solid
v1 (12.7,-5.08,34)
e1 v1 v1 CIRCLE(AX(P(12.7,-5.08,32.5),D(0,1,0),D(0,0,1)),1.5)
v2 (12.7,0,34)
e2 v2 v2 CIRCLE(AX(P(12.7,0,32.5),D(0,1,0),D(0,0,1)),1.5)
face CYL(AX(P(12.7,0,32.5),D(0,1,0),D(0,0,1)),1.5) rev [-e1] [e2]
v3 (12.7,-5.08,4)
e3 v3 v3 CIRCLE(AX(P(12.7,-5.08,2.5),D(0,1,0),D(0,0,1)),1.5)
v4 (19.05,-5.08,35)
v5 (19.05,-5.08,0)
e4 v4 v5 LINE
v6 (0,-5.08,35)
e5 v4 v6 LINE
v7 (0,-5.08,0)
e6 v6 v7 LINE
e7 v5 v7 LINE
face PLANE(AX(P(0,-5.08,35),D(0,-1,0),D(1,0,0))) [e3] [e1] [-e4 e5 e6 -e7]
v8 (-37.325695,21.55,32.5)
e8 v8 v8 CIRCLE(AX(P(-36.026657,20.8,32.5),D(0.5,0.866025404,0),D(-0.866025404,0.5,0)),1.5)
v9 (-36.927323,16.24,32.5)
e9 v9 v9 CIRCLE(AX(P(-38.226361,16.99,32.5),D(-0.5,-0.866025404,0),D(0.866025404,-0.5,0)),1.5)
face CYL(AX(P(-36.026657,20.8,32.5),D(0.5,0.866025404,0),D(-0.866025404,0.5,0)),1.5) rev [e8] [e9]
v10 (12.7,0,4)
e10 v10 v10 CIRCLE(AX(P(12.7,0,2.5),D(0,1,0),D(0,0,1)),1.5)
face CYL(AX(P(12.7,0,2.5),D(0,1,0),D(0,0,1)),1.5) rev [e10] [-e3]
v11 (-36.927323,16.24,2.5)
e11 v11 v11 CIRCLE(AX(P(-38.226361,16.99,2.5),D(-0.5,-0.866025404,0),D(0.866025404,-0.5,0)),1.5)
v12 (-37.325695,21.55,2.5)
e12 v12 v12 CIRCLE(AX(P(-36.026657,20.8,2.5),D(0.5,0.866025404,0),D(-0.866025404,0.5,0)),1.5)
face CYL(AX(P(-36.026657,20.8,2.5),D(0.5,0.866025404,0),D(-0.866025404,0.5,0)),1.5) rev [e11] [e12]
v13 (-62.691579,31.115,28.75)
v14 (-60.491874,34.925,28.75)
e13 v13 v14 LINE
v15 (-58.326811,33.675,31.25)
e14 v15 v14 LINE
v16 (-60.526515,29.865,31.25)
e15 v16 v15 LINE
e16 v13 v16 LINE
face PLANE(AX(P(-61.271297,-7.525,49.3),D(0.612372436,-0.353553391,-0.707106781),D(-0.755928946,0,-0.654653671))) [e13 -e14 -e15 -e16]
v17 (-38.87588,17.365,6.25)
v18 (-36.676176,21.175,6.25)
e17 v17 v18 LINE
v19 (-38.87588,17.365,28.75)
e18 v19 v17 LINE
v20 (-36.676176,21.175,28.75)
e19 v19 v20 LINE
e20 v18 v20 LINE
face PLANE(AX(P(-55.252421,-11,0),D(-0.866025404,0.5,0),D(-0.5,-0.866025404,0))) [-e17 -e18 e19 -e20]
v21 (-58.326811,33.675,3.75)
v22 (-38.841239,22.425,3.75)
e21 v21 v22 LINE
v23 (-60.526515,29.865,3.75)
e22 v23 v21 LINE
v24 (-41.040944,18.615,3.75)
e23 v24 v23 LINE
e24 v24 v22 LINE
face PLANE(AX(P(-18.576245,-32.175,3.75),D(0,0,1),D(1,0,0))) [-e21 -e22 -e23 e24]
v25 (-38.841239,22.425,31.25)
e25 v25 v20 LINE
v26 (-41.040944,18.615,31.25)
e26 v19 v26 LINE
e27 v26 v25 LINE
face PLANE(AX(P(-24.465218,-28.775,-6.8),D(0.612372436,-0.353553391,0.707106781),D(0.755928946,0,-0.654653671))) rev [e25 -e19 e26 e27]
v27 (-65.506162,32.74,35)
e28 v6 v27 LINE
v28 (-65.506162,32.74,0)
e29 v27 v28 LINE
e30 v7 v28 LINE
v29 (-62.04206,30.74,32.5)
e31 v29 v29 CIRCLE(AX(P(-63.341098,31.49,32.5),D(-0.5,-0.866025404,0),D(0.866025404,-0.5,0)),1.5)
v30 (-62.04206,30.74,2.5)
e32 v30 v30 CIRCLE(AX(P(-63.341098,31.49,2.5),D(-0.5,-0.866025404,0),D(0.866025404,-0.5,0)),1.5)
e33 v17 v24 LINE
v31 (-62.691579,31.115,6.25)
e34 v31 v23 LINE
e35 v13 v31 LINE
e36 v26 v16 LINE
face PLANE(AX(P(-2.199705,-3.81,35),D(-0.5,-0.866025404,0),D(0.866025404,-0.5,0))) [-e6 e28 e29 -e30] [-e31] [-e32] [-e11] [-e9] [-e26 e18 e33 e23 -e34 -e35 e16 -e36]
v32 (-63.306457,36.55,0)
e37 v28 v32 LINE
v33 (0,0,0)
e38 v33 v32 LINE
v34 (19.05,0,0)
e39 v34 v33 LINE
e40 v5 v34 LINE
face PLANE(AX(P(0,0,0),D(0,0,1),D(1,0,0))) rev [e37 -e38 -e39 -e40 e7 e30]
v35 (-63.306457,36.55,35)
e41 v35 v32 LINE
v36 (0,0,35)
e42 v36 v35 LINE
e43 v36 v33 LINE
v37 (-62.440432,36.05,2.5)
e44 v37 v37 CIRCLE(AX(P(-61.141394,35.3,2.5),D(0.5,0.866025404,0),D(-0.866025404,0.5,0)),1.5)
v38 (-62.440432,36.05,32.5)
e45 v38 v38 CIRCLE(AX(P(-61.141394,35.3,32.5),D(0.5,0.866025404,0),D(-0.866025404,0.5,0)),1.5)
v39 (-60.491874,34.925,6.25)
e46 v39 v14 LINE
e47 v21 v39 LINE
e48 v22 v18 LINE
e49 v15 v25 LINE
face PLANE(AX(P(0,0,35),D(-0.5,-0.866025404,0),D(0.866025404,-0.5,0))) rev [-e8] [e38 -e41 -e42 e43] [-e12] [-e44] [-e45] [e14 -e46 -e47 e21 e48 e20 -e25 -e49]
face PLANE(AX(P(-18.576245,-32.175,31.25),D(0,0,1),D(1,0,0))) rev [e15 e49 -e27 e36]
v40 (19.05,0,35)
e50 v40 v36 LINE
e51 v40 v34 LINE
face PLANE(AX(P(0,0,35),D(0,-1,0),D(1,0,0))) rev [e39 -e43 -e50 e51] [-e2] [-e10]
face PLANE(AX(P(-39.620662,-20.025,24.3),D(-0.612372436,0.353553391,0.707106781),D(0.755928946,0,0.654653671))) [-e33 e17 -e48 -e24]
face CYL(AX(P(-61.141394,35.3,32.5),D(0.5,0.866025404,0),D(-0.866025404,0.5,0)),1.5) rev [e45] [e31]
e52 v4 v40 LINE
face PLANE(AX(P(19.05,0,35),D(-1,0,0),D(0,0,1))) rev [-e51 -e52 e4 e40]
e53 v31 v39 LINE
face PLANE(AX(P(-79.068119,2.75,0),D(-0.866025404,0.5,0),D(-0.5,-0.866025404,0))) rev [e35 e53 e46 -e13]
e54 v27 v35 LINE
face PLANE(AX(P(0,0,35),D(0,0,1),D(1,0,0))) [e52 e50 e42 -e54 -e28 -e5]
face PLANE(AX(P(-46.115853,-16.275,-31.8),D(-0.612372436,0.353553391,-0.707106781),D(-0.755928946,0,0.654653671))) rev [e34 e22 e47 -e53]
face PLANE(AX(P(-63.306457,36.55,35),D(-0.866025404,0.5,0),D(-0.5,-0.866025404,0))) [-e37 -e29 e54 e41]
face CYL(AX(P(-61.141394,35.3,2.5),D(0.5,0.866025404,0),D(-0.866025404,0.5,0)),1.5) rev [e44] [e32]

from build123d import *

# Parameters (mm, degrees)
SKETCH2_W                       = 19.05
SKETCH2_H                       = 5.08
BOSS_EXTRUDE1_DEPTH             = 35
SKETCH3_W                       = 25
SKETCH3_H                       = 25
CUT_EXTRUDE1_DEPTH              = 38.152489822
F_3_0MM_DOWEL_HOLE1_D           = 3
F_3_0MM_DOWEL_HOLE1_ON_FACE_2_D = 3
F_3_0MM_DOWEL_HOLE1_ON_FACE_3_D = 3
F_3_0MM_DOWEL_HOLE2_D           = 3


with BuildPart() as part:
    # Sketch2 → Boss-Extrude1 (new body)
    with BuildSketch(Plane.XY):
        Polygon((-65.506161542, 32.74), (-63.306457017, 36.55), (-32.995567884, 19.05), (-35.19527241, 15.24), align=None)
        Polygon((-32.995567884, 19.05), (0, 0), (0, -5.08), (-35.19527241, 15.24), align=None)
        with Locations((9.525, -2.54)):
            Rectangle(SKETCH2_W, SKETCH2_H)
    extrude(amount=BOSS_EXTRUDE1_DEPTH)

    # Sketch3 → Cut-Extrude1 (cut, through all)
    with BuildSketch(Plane(origin=(0, 0, 0), x_dir=(0.866025404, -0.5, 0), z_dir=(0.5, 0.866025404, 0))):
        with Locations((-56.1, -17.5)):
            Rectangle(SKETCH3_W, SKETCH3_H)
        Polygon((-67.35, -3.75), (-68.6, -5), (-43.6, -5), (-44.85, -3.75), align=None)
        Polygon((-68.6, -30), (-68.6, -5), (-69.85, -6.25), (-69.85, -28.75), align=None)
        Polygon((-42.35, -6.25), (-43.6, -5), (-43.6, -30), (-42.35, -28.75), align=None)
        Polygon((-43.6, -30), (-68.6, -30), (-67.35, -31.25), (-44.85, -31.25), align=None)
    extrude(amount=-CUT_EXTRUDE1_DEPTH, mode=Mode.SUBTRACT)

    # Ø3.0mm Dowel Hole1 (through all)
    with Locations(Plane(origin=(-61.141393507, 35.3, 2.5), x_dir=(0.866025404, -0.5, 0), z_dir=(0.5, 0.866025404, 0))):
        with Locations((0, 0)):
            Hole(F_3_0MM_DOWEL_HOLE1_D / 2)

    # Ø3.0mm Dowel Hole1 on face 2 (through all)
    with Locations(Plane(origin=(-36.026656797, 20.8, 2.5), x_dir=(0.866025303, -0.500000175, 0), z_dir=(0.500000175, 0.866025303, 0))):
        with Locations((0, 0), (0, -30)):
            Hole(F_3_0MM_DOWEL_HOLE1_ON_FACE_2_D / 2)

    # Ø3.0mm Dowel Hole1 on face 3 (through all)
    with Locations(Plane(origin=(-61.141393507, 35.3, 32.5), x_dir=(0.866025303, -0.500000175, 0), z_dir=(0.500000175, 0.866025303, 0))):
        with Locations((0, 0)):
            Hole(F_3_0MM_DOWEL_HOLE1_ON_FACE_3_D / 2)

    # Ø3.0mm Dowel Hole2 (through all)
    with Locations(Plane(origin=(12.7, 0, 2.5), x_dir=(1, 0, 0), z_dir=(0, 1, 0))):
        with Locations((0, 0), (0, -30)):
            Hole(F_3_0MM_DOWEL_HOLE2_D / 2)


solid = part.part
